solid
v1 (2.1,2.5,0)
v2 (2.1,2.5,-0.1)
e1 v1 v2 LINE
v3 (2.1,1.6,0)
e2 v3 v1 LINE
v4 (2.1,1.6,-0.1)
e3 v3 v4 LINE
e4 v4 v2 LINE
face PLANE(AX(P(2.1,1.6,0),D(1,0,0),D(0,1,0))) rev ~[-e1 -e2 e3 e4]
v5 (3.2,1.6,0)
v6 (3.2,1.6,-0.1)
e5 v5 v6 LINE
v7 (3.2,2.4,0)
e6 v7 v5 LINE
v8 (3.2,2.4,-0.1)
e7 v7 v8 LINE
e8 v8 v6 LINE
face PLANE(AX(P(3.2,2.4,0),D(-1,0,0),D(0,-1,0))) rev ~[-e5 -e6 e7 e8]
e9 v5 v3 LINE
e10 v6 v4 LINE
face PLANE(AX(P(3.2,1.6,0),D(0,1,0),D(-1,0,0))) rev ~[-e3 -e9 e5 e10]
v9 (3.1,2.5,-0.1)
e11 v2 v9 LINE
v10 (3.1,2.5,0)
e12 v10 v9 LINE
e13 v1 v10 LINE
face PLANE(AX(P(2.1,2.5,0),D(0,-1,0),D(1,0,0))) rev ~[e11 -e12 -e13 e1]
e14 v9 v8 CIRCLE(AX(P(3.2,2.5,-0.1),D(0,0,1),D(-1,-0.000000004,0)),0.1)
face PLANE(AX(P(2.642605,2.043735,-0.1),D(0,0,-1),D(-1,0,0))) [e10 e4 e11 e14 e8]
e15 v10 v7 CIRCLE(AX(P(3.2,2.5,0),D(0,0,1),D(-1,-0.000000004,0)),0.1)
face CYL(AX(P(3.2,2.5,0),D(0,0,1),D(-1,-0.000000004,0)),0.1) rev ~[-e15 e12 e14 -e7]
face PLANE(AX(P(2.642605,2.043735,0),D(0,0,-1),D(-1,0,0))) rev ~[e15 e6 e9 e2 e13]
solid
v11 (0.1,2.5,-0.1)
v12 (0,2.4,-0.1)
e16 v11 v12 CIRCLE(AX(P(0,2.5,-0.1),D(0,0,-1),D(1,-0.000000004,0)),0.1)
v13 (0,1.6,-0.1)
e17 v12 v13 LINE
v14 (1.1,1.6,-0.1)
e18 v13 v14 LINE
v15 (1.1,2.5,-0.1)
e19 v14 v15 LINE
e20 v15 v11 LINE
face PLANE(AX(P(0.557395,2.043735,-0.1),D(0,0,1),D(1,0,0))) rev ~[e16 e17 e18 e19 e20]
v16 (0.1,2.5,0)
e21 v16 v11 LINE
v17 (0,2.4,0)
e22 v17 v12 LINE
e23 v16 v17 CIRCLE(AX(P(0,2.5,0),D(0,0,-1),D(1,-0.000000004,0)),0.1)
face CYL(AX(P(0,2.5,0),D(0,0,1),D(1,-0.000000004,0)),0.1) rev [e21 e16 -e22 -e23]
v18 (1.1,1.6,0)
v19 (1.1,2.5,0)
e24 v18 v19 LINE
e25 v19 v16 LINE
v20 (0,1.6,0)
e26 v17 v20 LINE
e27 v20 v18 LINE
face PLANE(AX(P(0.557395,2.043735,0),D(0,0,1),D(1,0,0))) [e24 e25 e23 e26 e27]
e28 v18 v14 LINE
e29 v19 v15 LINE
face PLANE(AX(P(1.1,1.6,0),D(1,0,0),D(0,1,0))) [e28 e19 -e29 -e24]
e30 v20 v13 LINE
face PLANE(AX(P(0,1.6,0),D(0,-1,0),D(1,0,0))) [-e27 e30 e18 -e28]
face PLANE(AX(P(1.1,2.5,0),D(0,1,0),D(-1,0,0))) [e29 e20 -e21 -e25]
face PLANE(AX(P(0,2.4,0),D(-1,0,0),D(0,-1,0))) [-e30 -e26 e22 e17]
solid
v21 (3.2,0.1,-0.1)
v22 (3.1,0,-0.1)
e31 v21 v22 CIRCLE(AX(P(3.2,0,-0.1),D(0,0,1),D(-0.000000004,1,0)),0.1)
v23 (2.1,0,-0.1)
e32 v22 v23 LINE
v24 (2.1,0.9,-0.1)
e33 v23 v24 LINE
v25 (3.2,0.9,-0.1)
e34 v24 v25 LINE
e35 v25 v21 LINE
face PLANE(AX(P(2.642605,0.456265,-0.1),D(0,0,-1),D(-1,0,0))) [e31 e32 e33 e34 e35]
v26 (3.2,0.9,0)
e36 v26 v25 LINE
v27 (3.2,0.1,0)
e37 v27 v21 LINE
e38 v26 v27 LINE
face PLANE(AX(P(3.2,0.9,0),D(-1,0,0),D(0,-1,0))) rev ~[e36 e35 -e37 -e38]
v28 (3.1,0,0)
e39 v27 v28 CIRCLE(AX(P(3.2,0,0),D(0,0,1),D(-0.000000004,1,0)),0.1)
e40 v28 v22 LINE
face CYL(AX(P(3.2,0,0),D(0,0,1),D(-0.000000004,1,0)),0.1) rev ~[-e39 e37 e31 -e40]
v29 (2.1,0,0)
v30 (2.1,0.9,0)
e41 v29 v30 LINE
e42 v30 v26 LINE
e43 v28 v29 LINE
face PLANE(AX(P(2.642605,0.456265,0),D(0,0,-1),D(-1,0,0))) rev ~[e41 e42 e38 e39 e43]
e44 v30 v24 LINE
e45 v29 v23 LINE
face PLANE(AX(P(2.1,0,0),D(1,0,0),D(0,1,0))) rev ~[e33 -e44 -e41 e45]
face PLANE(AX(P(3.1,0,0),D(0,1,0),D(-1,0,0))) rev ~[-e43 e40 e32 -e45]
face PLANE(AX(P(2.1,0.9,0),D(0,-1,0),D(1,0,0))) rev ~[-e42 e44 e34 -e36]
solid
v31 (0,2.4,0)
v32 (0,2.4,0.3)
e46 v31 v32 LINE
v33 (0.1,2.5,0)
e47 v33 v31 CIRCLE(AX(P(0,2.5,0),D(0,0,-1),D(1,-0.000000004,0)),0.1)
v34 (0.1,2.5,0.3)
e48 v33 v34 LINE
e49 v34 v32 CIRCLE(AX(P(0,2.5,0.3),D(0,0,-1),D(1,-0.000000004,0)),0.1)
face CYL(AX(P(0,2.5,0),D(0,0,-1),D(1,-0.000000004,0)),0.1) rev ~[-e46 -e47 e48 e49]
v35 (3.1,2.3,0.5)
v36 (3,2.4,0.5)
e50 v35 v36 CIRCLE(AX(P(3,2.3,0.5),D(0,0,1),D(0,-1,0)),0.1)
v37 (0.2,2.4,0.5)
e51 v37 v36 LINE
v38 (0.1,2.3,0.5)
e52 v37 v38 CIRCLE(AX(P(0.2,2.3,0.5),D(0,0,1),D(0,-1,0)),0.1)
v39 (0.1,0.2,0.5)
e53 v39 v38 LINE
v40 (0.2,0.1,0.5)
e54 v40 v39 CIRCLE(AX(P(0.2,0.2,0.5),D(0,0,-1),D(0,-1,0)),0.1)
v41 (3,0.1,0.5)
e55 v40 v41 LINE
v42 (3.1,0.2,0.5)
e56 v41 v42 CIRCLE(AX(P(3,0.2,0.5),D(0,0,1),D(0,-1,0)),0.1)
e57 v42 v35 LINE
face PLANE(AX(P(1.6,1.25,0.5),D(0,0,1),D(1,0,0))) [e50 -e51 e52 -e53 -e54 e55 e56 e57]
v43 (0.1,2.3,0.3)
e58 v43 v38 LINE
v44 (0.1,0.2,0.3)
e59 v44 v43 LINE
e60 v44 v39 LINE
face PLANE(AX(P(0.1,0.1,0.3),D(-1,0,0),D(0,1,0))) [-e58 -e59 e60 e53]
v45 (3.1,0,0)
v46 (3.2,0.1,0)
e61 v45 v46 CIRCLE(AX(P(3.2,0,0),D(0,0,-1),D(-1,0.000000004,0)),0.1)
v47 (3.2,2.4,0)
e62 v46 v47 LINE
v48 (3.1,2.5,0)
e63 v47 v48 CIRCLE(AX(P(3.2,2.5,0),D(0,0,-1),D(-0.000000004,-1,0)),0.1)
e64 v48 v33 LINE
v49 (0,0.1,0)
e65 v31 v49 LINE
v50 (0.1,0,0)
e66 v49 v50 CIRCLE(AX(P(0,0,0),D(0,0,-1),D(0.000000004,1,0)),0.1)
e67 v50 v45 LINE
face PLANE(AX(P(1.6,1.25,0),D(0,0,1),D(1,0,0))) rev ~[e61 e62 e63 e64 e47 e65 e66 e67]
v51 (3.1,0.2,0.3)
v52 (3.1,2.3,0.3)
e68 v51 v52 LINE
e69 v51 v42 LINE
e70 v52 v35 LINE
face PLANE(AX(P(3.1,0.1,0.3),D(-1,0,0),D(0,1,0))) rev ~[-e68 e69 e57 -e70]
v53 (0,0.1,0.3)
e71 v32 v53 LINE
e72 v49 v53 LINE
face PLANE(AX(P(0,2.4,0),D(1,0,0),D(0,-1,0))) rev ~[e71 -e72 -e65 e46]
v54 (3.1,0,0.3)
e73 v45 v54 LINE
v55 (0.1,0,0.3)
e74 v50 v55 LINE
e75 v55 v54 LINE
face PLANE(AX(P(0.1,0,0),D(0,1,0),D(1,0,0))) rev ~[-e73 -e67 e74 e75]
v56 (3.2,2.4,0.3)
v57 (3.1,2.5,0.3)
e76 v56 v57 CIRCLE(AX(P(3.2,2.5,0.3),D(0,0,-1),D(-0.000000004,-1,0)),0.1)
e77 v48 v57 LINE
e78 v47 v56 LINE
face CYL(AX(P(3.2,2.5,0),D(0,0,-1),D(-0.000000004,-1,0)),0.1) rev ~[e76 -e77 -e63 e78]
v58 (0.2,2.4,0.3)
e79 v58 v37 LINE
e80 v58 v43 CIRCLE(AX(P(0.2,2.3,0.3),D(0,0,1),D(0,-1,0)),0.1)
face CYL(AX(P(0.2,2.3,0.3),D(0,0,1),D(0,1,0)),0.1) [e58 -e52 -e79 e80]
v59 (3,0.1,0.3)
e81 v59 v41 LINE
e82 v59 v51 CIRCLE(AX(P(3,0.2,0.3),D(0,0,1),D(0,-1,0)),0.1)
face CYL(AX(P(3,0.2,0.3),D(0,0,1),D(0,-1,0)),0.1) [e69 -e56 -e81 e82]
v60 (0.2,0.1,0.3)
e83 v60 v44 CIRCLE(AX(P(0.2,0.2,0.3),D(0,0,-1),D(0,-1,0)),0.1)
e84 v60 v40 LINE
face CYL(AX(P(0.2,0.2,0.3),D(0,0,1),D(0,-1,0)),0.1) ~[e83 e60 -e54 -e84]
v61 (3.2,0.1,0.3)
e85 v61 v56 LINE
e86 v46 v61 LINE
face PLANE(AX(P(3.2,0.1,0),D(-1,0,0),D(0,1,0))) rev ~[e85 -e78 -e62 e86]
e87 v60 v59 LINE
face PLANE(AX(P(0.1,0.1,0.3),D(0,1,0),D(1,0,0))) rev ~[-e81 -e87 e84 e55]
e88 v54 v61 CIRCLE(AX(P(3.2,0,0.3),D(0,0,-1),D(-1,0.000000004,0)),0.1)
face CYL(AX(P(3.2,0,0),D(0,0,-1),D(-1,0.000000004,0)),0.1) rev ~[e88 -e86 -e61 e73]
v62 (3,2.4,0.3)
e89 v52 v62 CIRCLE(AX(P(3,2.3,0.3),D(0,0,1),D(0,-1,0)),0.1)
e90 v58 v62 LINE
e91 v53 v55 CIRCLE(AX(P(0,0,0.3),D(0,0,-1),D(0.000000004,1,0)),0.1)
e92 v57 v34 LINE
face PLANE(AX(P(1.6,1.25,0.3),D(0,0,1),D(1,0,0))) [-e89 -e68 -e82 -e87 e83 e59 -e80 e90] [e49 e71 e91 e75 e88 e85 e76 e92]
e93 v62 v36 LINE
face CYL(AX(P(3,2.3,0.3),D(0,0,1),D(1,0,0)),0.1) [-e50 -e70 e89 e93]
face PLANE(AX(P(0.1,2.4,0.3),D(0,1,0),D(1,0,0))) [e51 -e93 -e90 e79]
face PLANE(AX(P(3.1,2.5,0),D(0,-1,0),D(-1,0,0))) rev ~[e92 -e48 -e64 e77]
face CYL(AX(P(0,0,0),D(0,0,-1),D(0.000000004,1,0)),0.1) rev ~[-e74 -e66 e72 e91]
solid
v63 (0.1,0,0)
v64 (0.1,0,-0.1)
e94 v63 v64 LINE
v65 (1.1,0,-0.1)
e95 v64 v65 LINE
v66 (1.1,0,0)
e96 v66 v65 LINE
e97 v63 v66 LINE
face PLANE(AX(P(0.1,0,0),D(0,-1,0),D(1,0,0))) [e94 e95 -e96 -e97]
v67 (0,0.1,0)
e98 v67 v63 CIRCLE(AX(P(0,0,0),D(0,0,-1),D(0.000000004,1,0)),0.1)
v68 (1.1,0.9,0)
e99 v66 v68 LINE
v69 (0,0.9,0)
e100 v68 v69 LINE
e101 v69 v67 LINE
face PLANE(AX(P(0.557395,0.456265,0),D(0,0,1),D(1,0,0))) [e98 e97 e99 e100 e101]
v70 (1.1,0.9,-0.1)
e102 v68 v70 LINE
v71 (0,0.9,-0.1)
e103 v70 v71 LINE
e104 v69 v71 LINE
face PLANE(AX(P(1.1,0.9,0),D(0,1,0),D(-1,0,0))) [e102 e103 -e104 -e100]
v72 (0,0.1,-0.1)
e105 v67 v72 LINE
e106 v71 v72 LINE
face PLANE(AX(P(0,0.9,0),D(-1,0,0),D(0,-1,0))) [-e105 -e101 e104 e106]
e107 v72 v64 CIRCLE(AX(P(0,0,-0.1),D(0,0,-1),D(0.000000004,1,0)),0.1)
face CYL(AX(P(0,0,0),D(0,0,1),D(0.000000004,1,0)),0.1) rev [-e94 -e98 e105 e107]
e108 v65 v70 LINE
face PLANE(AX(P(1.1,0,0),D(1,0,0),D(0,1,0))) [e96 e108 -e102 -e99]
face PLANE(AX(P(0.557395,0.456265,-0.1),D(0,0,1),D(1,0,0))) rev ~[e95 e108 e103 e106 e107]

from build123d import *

# Parameters (mm, degrees)
BOSS_EXTRUDE1_DEPTH   = 0.3
SKETCH2_W             = 3
SKETCH2_H             = 2.3
BOSS_EXTRUDE2_DEPTH   = 0.2
FILLET1_R             = 0.1
BOSS_EXTRUDE3_DEPTH   = 0.1
BOSS_EXTRUDE3_2_DEPTH = 0.1
BOSS_EXTRUDE3_3_DEPTH = 0.1
BOSS_EXTRUDE3_4_DEPTH = 0.1


with BuildPart() as part:
    # Sketch1 → Boss-Extrude1 (new body)
    with BuildSketch(Plane.XY):
        with BuildLine():
            Line((0.1, 0), (3.1, 0))
            ThreePointArc((3.1, 0), (3.129289322, 0.070710678), (3.2, 0.1))
            Line((3.2, 0.1), (3.2, 2.4))
            ThreePointArc((3.2, 2.4), (3.129289322, 2.429289322), (3.1, 2.5))
            Line((3.1, 2.5), (0.1, 2.5))
            ThreePointArc((0.1, 2.5), (0.070710678, 2.429289322), (0, 2.4))
            Line((0, 2.4), (0, 0.1))
            ThreePointArc((0, 0.1), (0.070710678, 0.070710678), (0.1, 0))
        make_face()
    extrude(amount=BOSS_EXTRUDE1_DEPTH)

    # Sketch2 → Boss-Extrude2 (add)
    with BuildSketch(Plane.XY.offset(0.3)):
        with Locations((1.6, 1.25)):
            Rectangle(SKETCH2_W, SKETCH2_H)
    extrude(amount=BOSS_EXTRUDE2_DEPTH)

    # Fillet1
    fillet1_edges = [part.edges().sort_by_distance(p)[0] for p in [
        (0.1, 2.4, 0.4),
        (0.1, 0.1, 0.4),
        (3.1, 0.1, 0.4),
        (3.1, 2.4, 0.4),
    ]]
    fillet(fillet1_edges, radius=FILLET1_R)


with BuildPart() as body_2:
    # Sketch3 → Boss-Extrude3 (new body)
    with BuildSketch(Plane(origin=(0, 0, 0), x_dir=(-1, 0, 0), z_dir=(0, 0, -1))):
        with BuildLine():
            Line((-2.1, 2.5), (-3.1, 2.5))
            ThreePointArc((-3.1, 2.5), (-3.129289322, 2.429289322), (-3.2, 2.4))
            Line((-3.2, 2.4), (-3.2, 1.6))
            Line((-3.2, 1.6), (-2.1, 1.6))
            Line((-2.1, 1.6), (-2.1, 2.5))
        make_face()
    extrude(amount=BOSS_EXTRUDE3_DEPTH)


with BuildPart() as body_3:
    # Sketch3 → Boss-Extrude3 2 (new body)
    with BuildSketch(Plane(origin=(0, 0, 0), x_dir=(-1, 0, 0), z_dir=(0, 0, -1))):
        with BuildLine():
            Line((-1.1, 2.5), (-0.1, 2.5))
            ThreePointArc((-0.1, 2.5), (-0.070710678, 2.429289322), (0, 2.4))
            Line((0, 2.4), (0, 1.6))
            Line((0, 1.6), (-1.1, 1.6))
            Line((-1.1, 1.6), (-1.1, 2.5))
        make_face()
    extrude(amount=BOSS_EXTRUDE3_2_DEPTH)


with BuildPart() as body_4:
    # Sketch3 → Boss-Extrude3 3 (new body)
    with BuildSketch(Plane(origin=(0, 0, 0), x_dir=(-1, 0, 0), z_dir=(0, 0, -1))):
        with BuildLine():
            Line((-1.1, 0.9), (0, 0.9))
            Line((0, 0.9), (0, 0.1))
            ThreePointArc((0, 0.1), (-0.070710678, 0.070710678), (-0.1, 0))
            Line((-0.1, 0), (-1.1, 0))
            Line((-1.1, 0), (-1.1, 0.9))
        make_face()
    extrude(amount=BOSS_EXTRUDE3_3_DEPTH)


with BuildPart() as body_5:
    # Sketch3 → Boss-Extrude3 4 (new body)
    with BuildSketch(Plane(origin=(0, 0, 0), x_dir=(-1, 0, 0), z_dir=(0, 0, -1))):
        with BuildLine():
            Line((-2.1, 0.9), (-3.2, 0.9))
            Line((-3.2, 0.9), (-3.2, 0.1))
            ThreePointArc((-3.2, 0.1), (-3.129289322, 0.070710678), (-3.1, 0))
            Line((-3.1, 0), (-2.1, 0))
            Line((-2.1, 0), (-2.1, 0.9))
        make_face()
    extrude(amount=BOSS_EXTRUDE3_4_DEPTH)


solid = Compound([part.part, body_2.part, body_3.part, body_4.part, body_5.part])
